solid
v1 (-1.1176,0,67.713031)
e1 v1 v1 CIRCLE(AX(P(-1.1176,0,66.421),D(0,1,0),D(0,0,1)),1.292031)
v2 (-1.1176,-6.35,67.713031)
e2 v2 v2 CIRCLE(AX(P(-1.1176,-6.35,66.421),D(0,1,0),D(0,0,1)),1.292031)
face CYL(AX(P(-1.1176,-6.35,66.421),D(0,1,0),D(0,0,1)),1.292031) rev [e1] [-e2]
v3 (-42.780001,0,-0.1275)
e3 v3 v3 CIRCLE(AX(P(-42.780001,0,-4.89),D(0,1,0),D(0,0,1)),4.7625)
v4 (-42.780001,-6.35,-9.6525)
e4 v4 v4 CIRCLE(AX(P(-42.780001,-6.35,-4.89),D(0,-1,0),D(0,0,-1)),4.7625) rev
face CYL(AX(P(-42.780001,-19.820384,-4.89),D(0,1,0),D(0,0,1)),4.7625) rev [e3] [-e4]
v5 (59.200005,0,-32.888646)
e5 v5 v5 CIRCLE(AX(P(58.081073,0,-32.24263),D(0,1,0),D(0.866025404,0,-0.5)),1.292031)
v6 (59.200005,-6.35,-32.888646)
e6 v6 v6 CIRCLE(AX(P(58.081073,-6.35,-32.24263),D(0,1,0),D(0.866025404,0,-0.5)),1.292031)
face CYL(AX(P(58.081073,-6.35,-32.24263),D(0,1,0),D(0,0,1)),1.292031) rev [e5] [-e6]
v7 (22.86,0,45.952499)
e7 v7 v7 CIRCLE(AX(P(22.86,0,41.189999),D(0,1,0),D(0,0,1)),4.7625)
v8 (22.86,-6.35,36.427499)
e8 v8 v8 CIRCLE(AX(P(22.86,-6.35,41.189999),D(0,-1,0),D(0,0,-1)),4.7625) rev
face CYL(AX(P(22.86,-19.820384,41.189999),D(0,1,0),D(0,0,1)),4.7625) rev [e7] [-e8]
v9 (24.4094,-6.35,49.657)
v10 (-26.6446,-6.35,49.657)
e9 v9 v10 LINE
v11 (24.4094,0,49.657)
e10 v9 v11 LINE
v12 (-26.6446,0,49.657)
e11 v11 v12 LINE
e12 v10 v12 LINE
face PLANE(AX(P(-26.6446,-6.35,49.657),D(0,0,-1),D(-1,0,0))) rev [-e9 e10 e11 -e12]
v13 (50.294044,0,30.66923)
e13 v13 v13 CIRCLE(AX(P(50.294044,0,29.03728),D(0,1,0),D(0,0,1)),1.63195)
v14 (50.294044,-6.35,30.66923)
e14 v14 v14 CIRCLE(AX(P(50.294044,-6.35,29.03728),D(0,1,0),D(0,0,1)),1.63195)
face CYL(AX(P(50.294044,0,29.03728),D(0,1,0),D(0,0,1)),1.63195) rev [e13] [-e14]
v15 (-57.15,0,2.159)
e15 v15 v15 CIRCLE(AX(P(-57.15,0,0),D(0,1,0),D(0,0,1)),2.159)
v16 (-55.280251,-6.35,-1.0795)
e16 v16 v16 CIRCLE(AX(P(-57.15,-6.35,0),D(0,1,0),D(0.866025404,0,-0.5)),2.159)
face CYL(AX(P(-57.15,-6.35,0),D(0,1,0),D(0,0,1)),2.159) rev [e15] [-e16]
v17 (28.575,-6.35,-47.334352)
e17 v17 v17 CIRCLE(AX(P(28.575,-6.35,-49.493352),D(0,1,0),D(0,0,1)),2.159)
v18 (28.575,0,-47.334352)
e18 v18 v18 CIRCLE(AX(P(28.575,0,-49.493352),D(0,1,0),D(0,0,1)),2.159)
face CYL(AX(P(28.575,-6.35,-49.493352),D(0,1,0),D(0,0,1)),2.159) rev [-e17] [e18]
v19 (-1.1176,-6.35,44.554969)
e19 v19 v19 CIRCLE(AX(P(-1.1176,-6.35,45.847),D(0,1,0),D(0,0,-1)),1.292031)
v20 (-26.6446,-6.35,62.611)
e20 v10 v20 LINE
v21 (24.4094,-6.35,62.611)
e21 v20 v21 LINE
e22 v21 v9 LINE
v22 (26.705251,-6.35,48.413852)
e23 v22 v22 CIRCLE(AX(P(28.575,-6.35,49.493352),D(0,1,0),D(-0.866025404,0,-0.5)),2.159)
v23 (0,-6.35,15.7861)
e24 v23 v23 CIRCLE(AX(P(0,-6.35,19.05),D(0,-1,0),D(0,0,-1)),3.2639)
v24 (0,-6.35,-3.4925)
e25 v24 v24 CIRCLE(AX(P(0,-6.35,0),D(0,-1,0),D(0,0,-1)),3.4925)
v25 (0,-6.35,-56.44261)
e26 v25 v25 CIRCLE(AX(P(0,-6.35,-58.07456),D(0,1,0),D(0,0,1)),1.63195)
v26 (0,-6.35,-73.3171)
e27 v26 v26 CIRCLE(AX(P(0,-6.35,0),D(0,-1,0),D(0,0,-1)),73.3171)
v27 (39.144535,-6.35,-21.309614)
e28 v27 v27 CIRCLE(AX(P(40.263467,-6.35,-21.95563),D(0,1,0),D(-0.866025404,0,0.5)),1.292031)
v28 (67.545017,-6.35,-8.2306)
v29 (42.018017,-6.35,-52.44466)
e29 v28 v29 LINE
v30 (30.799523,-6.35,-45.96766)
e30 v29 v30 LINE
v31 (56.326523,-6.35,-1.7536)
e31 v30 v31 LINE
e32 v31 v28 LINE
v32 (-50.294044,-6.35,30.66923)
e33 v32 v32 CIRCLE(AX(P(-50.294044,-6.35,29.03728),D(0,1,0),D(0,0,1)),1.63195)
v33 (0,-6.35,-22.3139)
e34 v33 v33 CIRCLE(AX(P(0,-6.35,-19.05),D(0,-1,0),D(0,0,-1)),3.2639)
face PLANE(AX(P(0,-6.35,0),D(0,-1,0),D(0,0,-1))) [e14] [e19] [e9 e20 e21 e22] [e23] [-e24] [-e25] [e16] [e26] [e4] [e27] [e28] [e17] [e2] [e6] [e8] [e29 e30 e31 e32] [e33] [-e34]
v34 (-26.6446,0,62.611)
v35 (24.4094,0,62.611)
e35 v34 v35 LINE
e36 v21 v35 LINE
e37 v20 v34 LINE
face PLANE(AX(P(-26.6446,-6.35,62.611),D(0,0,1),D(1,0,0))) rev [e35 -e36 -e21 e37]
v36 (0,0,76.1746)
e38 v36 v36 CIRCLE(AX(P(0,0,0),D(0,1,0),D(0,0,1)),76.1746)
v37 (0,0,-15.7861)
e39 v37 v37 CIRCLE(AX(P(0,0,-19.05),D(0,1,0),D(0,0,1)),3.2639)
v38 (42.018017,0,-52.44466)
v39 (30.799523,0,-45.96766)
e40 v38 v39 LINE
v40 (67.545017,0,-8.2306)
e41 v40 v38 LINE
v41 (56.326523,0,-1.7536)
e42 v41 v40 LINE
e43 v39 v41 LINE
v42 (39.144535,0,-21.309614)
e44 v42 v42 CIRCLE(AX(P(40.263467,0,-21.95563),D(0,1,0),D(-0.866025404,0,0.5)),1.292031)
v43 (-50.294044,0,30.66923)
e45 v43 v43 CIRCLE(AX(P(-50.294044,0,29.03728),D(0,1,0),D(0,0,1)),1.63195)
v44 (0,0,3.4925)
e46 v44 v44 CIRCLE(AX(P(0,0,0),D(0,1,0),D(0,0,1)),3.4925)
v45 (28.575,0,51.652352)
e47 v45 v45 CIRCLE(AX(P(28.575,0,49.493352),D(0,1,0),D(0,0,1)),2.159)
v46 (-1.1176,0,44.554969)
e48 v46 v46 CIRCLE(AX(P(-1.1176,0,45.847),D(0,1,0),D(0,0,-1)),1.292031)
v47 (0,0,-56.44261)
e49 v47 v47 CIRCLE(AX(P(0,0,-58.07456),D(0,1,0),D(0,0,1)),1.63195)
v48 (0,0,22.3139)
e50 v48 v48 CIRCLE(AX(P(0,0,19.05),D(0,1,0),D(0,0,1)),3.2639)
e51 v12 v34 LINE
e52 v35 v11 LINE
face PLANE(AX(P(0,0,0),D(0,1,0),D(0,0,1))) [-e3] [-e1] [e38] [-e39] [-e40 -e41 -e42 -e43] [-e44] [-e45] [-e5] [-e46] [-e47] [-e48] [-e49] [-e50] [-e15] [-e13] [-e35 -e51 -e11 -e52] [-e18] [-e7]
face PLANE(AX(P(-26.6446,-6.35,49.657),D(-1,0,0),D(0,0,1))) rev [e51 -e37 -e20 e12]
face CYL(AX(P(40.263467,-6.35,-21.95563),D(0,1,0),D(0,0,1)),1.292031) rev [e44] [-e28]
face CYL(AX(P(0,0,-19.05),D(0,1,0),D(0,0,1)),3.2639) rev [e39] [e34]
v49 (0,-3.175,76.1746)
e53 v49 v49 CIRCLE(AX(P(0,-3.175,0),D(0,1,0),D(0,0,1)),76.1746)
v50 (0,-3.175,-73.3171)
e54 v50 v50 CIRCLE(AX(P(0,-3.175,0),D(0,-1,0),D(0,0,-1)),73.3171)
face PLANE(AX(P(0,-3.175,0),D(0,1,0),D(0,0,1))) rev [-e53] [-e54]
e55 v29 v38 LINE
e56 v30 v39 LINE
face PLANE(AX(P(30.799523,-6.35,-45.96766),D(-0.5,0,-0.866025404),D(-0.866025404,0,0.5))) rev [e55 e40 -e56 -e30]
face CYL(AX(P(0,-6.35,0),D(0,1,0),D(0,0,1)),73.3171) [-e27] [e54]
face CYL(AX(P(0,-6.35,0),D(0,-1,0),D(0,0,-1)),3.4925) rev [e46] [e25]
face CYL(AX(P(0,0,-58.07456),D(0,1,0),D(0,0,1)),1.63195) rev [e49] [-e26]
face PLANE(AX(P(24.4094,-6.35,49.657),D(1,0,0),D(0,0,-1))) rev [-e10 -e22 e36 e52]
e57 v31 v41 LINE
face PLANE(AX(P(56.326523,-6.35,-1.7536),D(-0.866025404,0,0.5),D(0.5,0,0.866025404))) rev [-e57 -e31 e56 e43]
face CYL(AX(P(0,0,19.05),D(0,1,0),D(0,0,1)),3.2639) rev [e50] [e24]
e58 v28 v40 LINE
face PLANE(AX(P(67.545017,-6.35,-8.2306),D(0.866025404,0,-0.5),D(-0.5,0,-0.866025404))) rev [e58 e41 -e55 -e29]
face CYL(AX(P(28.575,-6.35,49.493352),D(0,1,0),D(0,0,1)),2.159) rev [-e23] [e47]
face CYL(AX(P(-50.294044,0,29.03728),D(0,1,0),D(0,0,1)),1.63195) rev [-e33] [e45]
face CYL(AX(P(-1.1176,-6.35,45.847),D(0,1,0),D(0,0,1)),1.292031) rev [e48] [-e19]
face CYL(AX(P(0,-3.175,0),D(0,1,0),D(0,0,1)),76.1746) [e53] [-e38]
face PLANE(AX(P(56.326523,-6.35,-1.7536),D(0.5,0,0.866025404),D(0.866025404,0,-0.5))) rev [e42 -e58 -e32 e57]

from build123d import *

# Parameters (mm, degrees)
SKETCH1_R                        = 76.1746
BOSS_EXTRUDE1_DEPTH              = 3.175
SKETCH3_R                        = 73.3171
BOSS_EXTRUDE2_DEPTH              = 3.175
F_97_0_0059_DIAMETER_HOLE1_D     = 6.985
F_97_0_0059_DIAMETER_HOLE1_DEPTH = 10.0076
F_97_0_0059_DIAMETER_HOLE1_TIP   = 2.016395815
SKETCH9_R                        = 1.292031205
SKETCH9_W                        = 51.054
SKETCH9_H                        = 12.954
CUT_EXTRUDE1_DEPTH               = 108.914141197
SKETCH11_R                       = 2.159
CUT_EXTRUDE3_DEPTH               = 108.914141197
CIRPATTERN2_COUNT                = 3
SKETCH15_R                       = 4.7625
CUT_EXTRUDE4_DEPTH               = 6.35
HOLE1_D                          = 3.2639
CIRPATTERN3_COUNT                = 3
CIRPATTERN3_ANGLE                = 240
CIRPATTERN4_COUNT                = 2
CIRPATTERN4_ANGLE                = 120


with BuildPart() as part:
    # Sketch1 → Boss-Extrude1 (new body)
    with BuildSketch(Plane(origin=(0, 0, 0), x_dir=(1, 0, 0), z_dir=(0, 1, 0))):
        with Locations(Location((0, 0, 0), (0, 0, 270))):
            Circle(SKETCH1_R)
    extrude(amount=-BOSS_EXTRUDE1_DEPTH)

    # Sketch3 → Boss-Extrude2 (add)
    with BuildSketch(Plane.XZ.offset(3.175)):
        with Locations(Location((0, 0, 0), (0, 0, 270))):
            Circle(SKETCH3_R)
    extrude(amount=BOSS_EXTRUDE2_DEPTH)

    # #97 (0.0059) Diameter Hole1
    with Locations(Plane(origin=(0, -6.35, 0), x_dir=(-1, 0, 0), z_dir=(0, -1, 0))):
        with Locations((0, 0)):
            Hole(F_97_0_0059_DIAMETER_HOLE1_D / 2, depth=F_97_0_0059_DIAMETER_HOLE1_DEPTH)
            with Locations((0, 0, -(F_97_0_0059_DIAMETER_HOLE1_DEPTH + F_97_0_0059_DIAMETER_HOLE1_TIP / 2))):  # 120° drill point
                Cone(0, F_97_0_0059_DIAMETER_HOLE1_D / 2, F_97_0_0059_DIAMETER_HOLE1_TIP, mode=Mode.SUBTRACT)

    # Sketch8 → #97 (0.0059) Diameter Hole3 (revolve, cut)
    with BuildSketch(Plane(origin=(0, 0, -19.05), x_dir=(0, 0, 1), z_dir=(1, 0, 0))):
        Polygon((0, 0), (0, 11.892013544), (3.2639, 10.0076), (3.2639, 0), align=None)
    f_97_0_0059_diameter_hole3 = revolve(axis=Axis((0, 6.35, -19.05), (0, -1, 0)), mode=Mode.SUBTRACT)

    # Mirror1: #97 (0.0059) Diameter Hole3 across plane
    add(f_97_0_0059_diameter_hole3.mirror(Plane.XY), mode=Mode.SUBTRACT)

    # Sketch9 → Cut-Extrude1 (cut, through all)
    with BuildSketch(Plane(origin=(0, 0, 0), x_dir=(1, 0, 0), z_dir=(0, 1, 0))):
        with Locations(Location((-1.1176, -66.421, 0), (0, 0, 270))):
            Circle(SKETCH9_R)
        with Locations(Location((-1.1176, -45.847, 0), (0, 0, 90))):
            Circle(SKETCH9_R)
        with Locations((-1.1176, -56.134)):
            Rectangle(SKETCH9_W, SKETCH9_H)
    cut_extrude1 = extrude(amount=-CUT_EXTRUDE1_DEPTH, mode=Mode.SUBTRACT)

    # Sketch11 → Cut-Extrude3 (cut, symmetric)
    with BuildSketch(Plane(origin=(0, 0, 0), x_dir=(1, 0, 0), z_dir=(0, 1, 0))):
        with Locations(Location((28.575, 49.493351826, 0), (0, 0, 270))):
            Circle(SKETCH11_R)
    cut_extrude3 = extrude(amount=CUT_EXTRUDE3_DEPTH, both=True, mode=Mode.SUBTRACT)

    # CirPattern2: Cut-Extrude3 ×3 about axis
    cirpattern2_axis = Axis((0, 0, 0), (0, 1, 0))
    for i in range(1, CIRPATTERN2_COUNT):
        add(cut_extrude3.rotate(cirpattern2_axis, i * 360 / CIRPATTERN2_COUNT), mode=Mode.SUBTRACT)

    # Sketch15 → Cut-Extrude4 (cut)
    with BuildSketch(Plane(origin=(0, 0, 0), x_dir=(1, 0, 0), z_dir=(0, 1, 0))):
        with Locations(Location((-42.7800008, 4.89000038, 0), (0, 0, 270))):
            Circle(SKETCH15_R)
        with Locations(Location((22.86, -41.1899989, 0), (0, 0, 270))):
            Circle(SKETCH15_R)
    extrude(amount=-CUT_EXTRUDE4_DEPTH, mode=Mode.SUBTRACT)

    # Hole1 (through all)
    with Locations(Plane(origin=(0, 0, 0), x_dir=(1, 0, 0), z_dir=(0, 1, 0))):
        with Locations((0, 58.07456)):
            hole1 = Hole(HOLE1_D / 2)

    # CirPattern3: Hole1 ×3 about axis
    cirpattern3_axis = Axis((0, 0, 0), (0, 1, 0))
    for i in range(1, CIRPATTERN3_COUNT):
        add(hole1.rotate(cirpattern3_axis, i * CIRPATTERN3_ANGLE / (CIRPATTERN3_COUNT - 1)), mode=Mode.SUBTRACT)

    # CirPattern4: Cut-Extrude1 ×2 about axis
    cirpattern4_axis = Axis((0, 0, 0), (0, 1, 0))
    for i in range(1, CIRPATTERN4_COUNT):
        add(cut_extrude1.rotate(cirpattern4_axis, i * CIRPATTERN4_ANGLE / (CIRPATTERN4_COUNT - 1)), mode=Mode.SUBTRACT)


solid = part.part
